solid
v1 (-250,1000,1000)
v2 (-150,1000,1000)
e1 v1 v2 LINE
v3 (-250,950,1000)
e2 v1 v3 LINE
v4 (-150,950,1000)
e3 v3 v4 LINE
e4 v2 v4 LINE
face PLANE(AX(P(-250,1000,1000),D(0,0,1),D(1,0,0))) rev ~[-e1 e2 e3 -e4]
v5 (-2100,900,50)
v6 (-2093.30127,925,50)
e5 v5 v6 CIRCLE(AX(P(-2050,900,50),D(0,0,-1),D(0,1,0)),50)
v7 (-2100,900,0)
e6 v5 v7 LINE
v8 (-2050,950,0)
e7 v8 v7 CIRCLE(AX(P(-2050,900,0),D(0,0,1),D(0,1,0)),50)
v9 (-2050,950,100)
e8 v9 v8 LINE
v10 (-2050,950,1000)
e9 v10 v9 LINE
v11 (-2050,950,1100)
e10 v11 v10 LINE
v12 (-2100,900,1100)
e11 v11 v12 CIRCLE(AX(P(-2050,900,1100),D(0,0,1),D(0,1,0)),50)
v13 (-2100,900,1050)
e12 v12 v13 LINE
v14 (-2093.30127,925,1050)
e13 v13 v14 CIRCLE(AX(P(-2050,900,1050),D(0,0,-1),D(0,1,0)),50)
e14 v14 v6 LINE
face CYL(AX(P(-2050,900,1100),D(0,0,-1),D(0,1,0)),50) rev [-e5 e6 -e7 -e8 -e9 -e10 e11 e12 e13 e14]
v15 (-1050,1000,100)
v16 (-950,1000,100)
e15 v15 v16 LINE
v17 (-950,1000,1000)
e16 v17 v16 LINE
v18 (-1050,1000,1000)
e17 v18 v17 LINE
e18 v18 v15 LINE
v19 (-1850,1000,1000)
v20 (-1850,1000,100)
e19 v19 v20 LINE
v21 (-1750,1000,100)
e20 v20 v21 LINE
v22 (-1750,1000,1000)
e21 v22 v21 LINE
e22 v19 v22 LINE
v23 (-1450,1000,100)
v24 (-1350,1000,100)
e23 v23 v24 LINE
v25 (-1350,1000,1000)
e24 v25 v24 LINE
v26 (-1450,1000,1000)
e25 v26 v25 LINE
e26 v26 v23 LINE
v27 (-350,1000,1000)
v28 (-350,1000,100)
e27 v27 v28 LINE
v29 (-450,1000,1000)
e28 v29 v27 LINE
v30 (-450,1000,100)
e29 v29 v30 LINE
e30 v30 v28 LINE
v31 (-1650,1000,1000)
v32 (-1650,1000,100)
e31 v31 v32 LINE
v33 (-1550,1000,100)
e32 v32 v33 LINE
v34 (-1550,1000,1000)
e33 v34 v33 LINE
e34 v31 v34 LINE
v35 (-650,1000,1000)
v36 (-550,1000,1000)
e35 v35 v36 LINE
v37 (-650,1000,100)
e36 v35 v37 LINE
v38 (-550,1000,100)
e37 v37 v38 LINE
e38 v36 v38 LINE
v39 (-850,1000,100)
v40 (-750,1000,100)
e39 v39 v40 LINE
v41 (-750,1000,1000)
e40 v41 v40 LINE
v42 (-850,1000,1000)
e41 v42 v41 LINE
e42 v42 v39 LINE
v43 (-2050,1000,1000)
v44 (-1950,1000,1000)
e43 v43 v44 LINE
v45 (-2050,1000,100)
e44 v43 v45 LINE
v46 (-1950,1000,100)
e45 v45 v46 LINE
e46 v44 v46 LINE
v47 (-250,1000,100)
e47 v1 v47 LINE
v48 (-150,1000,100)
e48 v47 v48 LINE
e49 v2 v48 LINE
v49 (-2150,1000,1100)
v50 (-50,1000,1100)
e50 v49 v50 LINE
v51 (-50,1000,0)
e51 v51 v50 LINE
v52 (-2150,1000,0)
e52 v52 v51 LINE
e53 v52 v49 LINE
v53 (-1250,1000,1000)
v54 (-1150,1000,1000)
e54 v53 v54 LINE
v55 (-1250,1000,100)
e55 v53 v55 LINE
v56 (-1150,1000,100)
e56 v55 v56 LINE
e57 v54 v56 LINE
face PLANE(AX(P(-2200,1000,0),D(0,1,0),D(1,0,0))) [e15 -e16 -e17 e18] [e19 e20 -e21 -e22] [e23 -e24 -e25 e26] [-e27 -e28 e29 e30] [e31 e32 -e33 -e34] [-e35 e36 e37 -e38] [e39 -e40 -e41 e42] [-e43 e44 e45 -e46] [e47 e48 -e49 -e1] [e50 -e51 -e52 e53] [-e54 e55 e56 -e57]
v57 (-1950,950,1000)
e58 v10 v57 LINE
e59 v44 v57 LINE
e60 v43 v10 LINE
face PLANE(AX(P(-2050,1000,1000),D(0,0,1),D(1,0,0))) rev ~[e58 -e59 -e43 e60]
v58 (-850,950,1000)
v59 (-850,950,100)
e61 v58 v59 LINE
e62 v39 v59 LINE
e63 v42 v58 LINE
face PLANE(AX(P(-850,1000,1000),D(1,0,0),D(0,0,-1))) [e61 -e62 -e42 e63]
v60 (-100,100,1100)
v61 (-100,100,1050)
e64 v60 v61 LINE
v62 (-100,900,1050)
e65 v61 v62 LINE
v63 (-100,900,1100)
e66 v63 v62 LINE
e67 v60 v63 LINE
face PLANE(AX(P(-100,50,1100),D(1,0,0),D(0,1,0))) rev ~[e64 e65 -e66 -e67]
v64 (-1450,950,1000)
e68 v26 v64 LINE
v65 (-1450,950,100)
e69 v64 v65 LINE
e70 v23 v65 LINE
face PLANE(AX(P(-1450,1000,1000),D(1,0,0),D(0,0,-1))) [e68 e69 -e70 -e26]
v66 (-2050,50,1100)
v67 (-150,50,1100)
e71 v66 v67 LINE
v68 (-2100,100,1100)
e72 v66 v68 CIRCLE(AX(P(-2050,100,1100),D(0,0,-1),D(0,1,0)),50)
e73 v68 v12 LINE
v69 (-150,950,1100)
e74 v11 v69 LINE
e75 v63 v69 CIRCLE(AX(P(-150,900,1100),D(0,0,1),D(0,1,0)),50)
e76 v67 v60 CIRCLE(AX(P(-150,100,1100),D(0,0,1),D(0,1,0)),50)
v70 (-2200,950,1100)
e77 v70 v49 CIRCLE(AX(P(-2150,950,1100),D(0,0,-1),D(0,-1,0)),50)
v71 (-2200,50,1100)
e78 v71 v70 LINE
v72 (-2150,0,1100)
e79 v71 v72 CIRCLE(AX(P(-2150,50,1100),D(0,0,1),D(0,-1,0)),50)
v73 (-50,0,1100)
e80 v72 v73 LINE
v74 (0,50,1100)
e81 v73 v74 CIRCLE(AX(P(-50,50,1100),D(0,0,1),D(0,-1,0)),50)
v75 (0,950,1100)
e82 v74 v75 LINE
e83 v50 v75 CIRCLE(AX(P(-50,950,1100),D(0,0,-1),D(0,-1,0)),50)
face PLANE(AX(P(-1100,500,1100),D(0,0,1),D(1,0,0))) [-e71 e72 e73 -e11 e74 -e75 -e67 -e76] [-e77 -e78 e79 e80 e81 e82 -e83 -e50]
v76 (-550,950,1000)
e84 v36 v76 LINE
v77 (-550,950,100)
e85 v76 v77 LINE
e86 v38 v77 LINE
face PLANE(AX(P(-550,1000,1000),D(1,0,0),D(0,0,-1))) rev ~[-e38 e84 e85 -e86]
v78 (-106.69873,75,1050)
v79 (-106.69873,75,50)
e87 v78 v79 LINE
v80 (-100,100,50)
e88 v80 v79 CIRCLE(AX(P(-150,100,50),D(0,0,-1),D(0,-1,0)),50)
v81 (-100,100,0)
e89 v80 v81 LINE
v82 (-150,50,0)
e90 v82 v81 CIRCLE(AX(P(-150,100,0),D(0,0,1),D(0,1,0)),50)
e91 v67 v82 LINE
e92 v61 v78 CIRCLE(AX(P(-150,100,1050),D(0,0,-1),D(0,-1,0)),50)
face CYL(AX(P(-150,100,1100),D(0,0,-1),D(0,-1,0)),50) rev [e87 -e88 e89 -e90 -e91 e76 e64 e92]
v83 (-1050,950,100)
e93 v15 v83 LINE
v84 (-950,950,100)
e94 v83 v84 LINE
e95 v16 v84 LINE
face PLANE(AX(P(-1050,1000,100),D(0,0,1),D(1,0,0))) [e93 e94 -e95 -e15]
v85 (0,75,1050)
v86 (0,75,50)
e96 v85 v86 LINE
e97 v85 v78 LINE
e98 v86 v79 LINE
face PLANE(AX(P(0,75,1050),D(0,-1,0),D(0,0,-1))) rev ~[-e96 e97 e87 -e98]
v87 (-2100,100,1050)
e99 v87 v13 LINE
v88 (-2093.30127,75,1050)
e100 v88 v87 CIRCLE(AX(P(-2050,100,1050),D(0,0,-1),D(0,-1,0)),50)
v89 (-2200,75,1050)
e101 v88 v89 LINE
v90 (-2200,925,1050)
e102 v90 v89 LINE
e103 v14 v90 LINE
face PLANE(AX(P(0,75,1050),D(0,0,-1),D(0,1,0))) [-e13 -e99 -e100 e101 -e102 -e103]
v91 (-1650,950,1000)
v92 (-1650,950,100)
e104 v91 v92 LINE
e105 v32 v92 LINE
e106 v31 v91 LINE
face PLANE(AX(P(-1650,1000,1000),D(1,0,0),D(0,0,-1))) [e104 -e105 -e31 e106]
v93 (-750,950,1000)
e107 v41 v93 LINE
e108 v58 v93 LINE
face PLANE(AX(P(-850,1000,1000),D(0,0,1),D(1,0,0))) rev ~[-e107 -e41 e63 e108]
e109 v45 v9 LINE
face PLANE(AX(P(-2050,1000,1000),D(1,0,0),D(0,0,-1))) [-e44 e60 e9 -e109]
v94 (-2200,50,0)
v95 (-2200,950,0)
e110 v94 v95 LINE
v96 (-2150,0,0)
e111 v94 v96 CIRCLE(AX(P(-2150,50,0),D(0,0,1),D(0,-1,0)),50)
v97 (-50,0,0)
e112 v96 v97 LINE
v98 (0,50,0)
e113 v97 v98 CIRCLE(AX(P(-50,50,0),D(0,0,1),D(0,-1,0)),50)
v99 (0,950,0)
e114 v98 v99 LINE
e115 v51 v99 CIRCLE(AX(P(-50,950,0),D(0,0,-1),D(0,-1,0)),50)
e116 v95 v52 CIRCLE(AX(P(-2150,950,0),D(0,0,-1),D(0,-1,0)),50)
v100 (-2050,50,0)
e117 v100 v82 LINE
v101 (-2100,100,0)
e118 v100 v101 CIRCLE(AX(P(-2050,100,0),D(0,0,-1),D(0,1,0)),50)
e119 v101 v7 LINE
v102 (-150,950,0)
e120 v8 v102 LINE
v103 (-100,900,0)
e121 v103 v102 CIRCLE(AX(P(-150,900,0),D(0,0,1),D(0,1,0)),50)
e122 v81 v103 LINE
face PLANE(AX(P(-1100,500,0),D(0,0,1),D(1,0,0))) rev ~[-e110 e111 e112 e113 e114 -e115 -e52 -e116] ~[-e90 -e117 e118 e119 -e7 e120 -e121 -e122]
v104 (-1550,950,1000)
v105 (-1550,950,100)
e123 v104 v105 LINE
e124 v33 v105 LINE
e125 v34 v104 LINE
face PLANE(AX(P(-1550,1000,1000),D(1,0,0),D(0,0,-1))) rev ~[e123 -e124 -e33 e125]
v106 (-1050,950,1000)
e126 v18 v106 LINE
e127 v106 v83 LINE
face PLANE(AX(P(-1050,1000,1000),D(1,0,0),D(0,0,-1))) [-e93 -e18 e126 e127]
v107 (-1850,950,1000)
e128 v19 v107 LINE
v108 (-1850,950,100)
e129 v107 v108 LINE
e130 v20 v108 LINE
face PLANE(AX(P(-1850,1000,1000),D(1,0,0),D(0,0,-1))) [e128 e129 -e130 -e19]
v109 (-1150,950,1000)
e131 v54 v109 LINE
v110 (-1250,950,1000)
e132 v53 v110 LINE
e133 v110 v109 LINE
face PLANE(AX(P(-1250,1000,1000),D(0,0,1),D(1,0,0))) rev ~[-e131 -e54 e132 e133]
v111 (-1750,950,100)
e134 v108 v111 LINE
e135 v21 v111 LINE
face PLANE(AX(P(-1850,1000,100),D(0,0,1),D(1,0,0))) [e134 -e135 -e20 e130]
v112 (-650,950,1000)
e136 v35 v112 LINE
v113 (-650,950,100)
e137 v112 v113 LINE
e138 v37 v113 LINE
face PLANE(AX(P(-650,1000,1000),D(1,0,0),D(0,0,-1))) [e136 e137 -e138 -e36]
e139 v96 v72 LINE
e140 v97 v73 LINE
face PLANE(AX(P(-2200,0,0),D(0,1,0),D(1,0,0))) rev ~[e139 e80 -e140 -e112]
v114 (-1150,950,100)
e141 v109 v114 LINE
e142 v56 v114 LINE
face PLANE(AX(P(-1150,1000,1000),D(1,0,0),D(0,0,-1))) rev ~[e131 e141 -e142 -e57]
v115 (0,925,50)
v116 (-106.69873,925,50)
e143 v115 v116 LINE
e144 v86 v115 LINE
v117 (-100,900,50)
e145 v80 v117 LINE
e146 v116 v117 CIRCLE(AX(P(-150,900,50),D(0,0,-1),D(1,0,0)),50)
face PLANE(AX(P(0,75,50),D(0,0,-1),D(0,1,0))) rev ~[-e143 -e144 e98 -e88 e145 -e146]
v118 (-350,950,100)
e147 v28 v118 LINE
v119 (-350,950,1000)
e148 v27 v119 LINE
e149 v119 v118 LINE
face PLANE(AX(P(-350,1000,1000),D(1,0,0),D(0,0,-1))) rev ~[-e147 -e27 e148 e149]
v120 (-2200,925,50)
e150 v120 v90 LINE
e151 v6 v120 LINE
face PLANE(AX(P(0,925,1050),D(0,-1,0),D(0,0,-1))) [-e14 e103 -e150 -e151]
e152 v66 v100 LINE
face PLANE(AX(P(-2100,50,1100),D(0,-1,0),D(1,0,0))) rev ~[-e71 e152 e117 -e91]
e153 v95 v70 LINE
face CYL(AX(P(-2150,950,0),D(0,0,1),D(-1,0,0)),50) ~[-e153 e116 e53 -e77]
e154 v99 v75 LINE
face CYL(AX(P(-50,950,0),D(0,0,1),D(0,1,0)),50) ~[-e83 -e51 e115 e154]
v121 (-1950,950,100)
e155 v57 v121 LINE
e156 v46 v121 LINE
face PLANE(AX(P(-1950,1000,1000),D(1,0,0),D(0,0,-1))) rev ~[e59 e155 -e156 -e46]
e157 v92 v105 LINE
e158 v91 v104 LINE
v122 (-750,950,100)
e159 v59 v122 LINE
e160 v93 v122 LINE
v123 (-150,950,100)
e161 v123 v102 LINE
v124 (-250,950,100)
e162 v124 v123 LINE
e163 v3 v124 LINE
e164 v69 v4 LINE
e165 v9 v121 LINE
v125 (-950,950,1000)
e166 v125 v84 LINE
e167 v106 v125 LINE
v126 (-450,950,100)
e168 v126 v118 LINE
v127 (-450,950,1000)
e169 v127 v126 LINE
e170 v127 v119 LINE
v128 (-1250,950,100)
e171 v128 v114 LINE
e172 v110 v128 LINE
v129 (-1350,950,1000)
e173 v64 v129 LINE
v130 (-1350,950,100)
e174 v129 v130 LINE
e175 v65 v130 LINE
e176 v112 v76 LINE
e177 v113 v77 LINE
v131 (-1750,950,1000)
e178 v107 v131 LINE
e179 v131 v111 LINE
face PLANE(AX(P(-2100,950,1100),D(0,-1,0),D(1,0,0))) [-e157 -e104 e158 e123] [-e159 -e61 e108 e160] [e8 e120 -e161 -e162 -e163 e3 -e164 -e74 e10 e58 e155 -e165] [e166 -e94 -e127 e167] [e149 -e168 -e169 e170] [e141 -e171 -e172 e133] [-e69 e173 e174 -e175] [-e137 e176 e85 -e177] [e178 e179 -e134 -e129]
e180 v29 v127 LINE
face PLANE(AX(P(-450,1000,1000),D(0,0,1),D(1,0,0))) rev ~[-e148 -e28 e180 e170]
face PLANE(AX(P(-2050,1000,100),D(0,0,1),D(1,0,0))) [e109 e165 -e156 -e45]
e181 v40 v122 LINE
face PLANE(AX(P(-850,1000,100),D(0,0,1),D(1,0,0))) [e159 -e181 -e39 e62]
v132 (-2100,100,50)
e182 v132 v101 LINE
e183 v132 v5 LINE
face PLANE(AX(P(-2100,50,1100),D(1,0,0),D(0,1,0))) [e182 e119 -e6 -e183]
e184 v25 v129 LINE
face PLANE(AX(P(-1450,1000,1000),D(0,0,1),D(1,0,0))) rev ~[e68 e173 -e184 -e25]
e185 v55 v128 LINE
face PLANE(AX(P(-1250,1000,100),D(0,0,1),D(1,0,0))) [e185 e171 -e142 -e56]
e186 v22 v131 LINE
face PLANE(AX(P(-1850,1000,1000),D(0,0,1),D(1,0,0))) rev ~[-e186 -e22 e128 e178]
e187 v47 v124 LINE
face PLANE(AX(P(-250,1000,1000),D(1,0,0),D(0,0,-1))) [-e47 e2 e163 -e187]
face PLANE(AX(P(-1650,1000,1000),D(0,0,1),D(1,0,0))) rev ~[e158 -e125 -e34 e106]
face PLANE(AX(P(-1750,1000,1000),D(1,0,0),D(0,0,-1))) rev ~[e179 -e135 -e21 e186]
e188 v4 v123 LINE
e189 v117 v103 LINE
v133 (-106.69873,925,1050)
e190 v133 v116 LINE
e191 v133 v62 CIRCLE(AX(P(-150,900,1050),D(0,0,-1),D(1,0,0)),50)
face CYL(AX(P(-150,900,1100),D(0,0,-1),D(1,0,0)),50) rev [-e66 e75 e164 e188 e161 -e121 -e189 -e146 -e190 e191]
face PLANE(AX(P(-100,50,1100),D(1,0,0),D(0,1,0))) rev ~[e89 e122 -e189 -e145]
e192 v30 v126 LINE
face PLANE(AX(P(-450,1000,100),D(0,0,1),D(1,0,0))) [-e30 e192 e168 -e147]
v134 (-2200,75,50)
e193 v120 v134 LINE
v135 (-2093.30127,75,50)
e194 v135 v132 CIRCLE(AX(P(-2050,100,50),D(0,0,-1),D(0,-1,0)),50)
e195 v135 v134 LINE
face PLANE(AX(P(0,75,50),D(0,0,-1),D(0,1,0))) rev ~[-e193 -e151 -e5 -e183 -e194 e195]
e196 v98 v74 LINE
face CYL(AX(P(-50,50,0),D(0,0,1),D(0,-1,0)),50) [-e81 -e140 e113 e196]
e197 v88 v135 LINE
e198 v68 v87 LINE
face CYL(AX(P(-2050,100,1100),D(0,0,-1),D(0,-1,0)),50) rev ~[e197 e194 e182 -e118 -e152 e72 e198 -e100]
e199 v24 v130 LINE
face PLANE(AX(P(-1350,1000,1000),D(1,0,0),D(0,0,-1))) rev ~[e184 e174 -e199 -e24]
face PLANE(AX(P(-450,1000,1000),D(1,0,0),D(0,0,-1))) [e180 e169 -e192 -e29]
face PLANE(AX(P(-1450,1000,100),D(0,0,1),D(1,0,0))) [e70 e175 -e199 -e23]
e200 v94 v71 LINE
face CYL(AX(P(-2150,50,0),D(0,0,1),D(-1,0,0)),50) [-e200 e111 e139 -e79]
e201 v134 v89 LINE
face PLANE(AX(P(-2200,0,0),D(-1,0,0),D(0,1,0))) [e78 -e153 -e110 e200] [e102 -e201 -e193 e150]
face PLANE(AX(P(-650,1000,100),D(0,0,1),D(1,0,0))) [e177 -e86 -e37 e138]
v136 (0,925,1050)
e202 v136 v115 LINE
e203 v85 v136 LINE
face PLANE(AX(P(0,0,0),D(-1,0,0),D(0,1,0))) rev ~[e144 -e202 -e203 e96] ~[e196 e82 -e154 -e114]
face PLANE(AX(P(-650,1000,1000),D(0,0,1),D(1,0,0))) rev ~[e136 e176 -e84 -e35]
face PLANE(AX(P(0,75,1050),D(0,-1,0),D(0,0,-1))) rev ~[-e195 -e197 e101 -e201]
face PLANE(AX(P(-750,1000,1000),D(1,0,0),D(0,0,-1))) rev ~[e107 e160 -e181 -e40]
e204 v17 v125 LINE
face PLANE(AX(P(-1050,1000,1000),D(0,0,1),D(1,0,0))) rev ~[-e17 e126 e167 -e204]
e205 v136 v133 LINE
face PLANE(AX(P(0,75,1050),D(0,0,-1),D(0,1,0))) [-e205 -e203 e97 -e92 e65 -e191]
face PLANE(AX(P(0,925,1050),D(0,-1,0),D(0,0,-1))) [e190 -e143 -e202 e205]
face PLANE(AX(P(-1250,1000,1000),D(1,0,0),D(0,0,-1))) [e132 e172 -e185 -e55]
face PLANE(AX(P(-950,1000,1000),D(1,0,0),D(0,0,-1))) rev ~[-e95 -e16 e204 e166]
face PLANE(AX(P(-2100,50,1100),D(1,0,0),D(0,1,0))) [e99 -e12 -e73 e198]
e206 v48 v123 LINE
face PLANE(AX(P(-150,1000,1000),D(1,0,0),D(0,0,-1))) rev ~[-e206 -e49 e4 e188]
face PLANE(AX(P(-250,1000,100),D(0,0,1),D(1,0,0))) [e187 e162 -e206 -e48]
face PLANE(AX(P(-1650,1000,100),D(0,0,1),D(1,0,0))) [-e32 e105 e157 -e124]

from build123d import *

# Parameters (mm, degrees)
SKETCH1_W               = 2200
SKETCH1_H               = 1000
BOSS_EXTRUDE1_DEPTH     = 1100
SKETCH2_W               = 2000
SKETCH2_H               = 900
CUT_EXTRUDE1_DEPTH      = 1
CUT_EXTRUDE1_DEPTH_BACK = 1101
FILLET1_R               = 50
CUT_EXTRUDE2_REACH      = 1002
SKETCH3_W               = 100
SKETCH3_H               = 900
SKETCH4_W               = 1000
SKETCH4_H               = 850
CUT_EXTRUDE3_DEPTH      = 1
CUT_EXTRUDE3_DEPTH_BACK = 2201


with BuildPart() as part:
    # Sketch1 → Boss-Extrude1 (new body)
    with BuildSketch(Plane.XY):
        with Locations((-1100, 500)):
            Rectangle(SKETCH1_W, SKETCH1_H)
    extrude(amount=BOSS_EXTRUDE1_DEPTH)

    # Sketch2 → Cut-Extrude1 (cut, two sides)
    with BuildSketch(Plane.XY.offset(1100)) as cut_extrude1_sk:
        with Locations((-1100, 500)):
            Rectangle(SKETCH2_W, SKETCH2_H)
    extrude(amount=CUT_EXTRUDE1_DEPTH, mode=Mode.SUBTRACT)
    extrude(cut_extrude1_sk.sketch, amount=-CUT_EXTRUDE1_DEPTH_BACK, mode=Mode.SUBTRACT)

    # Fillet1
    fillet1_edges = [part.edges().sort_by_distance(p)[0] for p in [
        (-2100, 50, 550),
        (-2100, 950, 550),
        (-100, 950, 550),
        (-100, 50, 550),
        (0, 0, 550),
        (-2200, 0, 550),
        (-2200, 1000, 550),
        (0, 1000, 550),
    ]]
    fillet(fillet1_edges, radius=FILLET1_R)

    # Sketch3 → Cut-Extrude2 (cut, up to next)
    with BuildSketch(Plane(origin=(0, 1000, 0), x_dir=(1, 0, 0), z_dir=(0, 1, 0)), mode=Mode.PRIVATE) as cut_extrude2_sk1:
        with Locations((-2000, -550)):
            Rectangle(SKETCH3_W, SKETCH3_H)
    cut_extrude2_tool1 = extrude(cut_extrude2_sk1.sketch, amount=-CUT_EXTRUDE2_REACH, mode=Mode.PRIVATE) & part.part
    add(cut_extrude2_tool1.solids().sort_by_distance((-2000, 1000, 550))[0], mode=Mode.SUBTRACT)
    # Sketch3 → Cut-Extrude2 (cut, up to next)
    with BuildSketch(Plane(origin=(0, 1000, 0), x_dir=(1, 0, 0), z_dir=(0, 1, 0)), mode=Mode.PRIVATE) as cut_extrude2_sk2:
        with Locations((-1800, -550)):
            Rectangle(SKETCH3_W, SKETCH3_H)
    cut_extrude2_tool2 = extrude(cut_extrude2_sk2.sketch, amount=-CUT_EXTRUDE2_REACH, mode=Mode.PRIVATE) & part.part
    add(cut_extrude2_tool2.solids().sort_by_distance((-1800, 1000, 550))[0], mode=Mode.SUBTRACT)
    # Sketch3 → Cut-Extrude2 (cut, up to next)
    with BuildSketch(Plane(origin=(0, 1000, 0), x_dir=(1, 0, 0), z_dir=(0, 1, 0)), mode=Mode.PRIVATE) as cut_extrude2_sk3:
        with Locations((-1600, -550)):
            Rectangle(SKETCH3_W, SKETCH3_H)
    cut_extrude2_tool3 = extrude(cut_extrude2_sk3.sketch, amount=-CUT_EXTRUDE2_REACH, mode=Mode.PRIVATE) & part.part
    add(cut_extrude2_tool3.solids().sort_by_distance((-1600, 1000, 550))[0], mode=Mode.SUBTRACT)
    # Sketch3 → Cut-Extrude2 (cut, up to next)
    with BuildSketch(Plane(origin=(0, 1000, 0), x_dir=(1, 0, 0), z_dir=(0, 1, 0)), mode=Mode.PRIVATE) as cut_extrude2_sk4:
        with Locations((-1400, -550)):
            Rectangle(SKETCH3_W, SKETCH3_H)
    cut_extrude2_tool4 = extrude(cut_extrude2_sk4.sketch, amount=-CUT_EXTRUDE2_REACH, mode=Mode.PRIVATE) & part.part
    add(cut_extrude2_tool4.solids().sort_by_distance((-1400, 1000, 550))[0], mode=Mode.SUBTRACT)
    # Sketch3 → Cut-Extrude2 (cut, up to next)
    with BuildSketch(Plane(origin=(0, 1000, 0), x_dir=(1, 0, 0), z_dir=(0, 1, 0)), mode=Mode.PRIVATE) as cut_extrude2_sk5:
        with Locations((-1200, -550)):
            Rectangle(SKETCH3_W, SKETCH3_H)
    cut_extrude2_tool5 = extrude(cut_extrude2_sk5.sketch, amount=-CUT_EXTRUDE2_REACH, mode=Mode.PRIVATE) & part.part
    add(cut_extrude2_tool5.solids().sort_by_distance((-1200, 1000, 550))[0], mode=Mode.SUBTRACT)
    # Sketch3 → Cut-Extrude2 (cut, up to next)
    with BuildSketch(Plane(origin=(0, 1000, 0), x_dir=(1, 0, 0), z_dir=(0, 1, 0)), mode=Mode.PRIVATE) as cut_extrude2_sk6:
        with Locations((-1000, -550)):
            Rectangle(SKETCH3_W, SKETCH3_H)
    cut_extrude2_tool6 = extrude(cut_extrude2_sk6.sketch, amount=-CUT_EXTRUDE2_REACH, mode=Mode.PRIVATE) & part.part
    add(cut_extrude2_tool6.solids().sort_by_distance((-1000, 1000, 550))[0], mode=Mode.SUBTRACT)
    # Sketch3 → Cut-Extrude2 (cut, up to next)
    with BuildSketch(Plane(origin=(0, 1000, 0), x_dir=(1, 0, 0), z_dir=(0, 1, 0)), mode=Mode.PRIVATE) as cut_extrude2_sk7:
        with Locations((-800, -550)):
            Rectangle(SKETCH3_W, SKETCH3_H)
    cut_extrude2_tool7 = extrude(cut_extrude2_sk7.sketch, amount=-CUT_EXTRUDE2_REACH, mode=Mode.PRIVATE) & part.part
    add(cut_extrude2_tool7.solids().sort_by_distance((-800, 1000, 550))[0], mode=Mode.SUBTRACT)
    # Sketch3 → Cut-Extrude2 (cut, up to next)
    with BuildSketch(Plane(origin=(0, 1000, 0), x_dir=(1, 0, 0), z_dir=(0, 1, 0)), mode=Mode.PRIVATE) as cut_extrude2_sk8:
        with Locations((-600, -550)):
            Rectangle(SKETCH3_W, SKETCH3_H)
    cut_extrude2_tool8 = extrude(cut_extrude2_sk8.sketch, amount=-CUT_EXTRUDE2_REACH, mode=Mode.PRIVATE) & part.part
    add(cut_extrude2_tool8.solids().sort_by_distance((-600, 1000, 550))[0], mode=Mode.SUBTRACT)
    # Sketch3 → Cut-Extrude2 (cut, up to next)
    with BuildSketch(Plane(origin=(0, 1000, 0), x_dir=(1, 0, 0), z_dir=(0, 1, 0)), mode=Mode.PRIVATE) as cut_extrude2_sk9:
        with Locations((-400, -550)):
            Rectangle(SKETCH3_W, SKETCH3_H)
    cut_extrude2_tool9 = extrude(cut_extrude2_sk9.sketch, amount=-CUT_EXTRUDE2_REACH, mode=Mode.PRIVATE) & part.part
    add(cut_extrude2_tool9.solids().sort_by_distance((-400, 1000, 550))[0], mode=Mode.SUBTRACT)
    # Sketch3 → Cut-Extrude2 (cut, up to next)
    with BuildSketch(Plane(origin=(0, 1000, 0), x_dir=(1, 0, 0), z_dir=(0, 1, 0)), mode=Mode.PRIVATE) as cut_extrude2_sk10:
        with Locations((-200, -550)):
            Rectangle(SKETCH3_W, SKETCH3_H)
    cut_extrude2_tool10 = extrude(cut_extrude2_sk10.sketch, amount=-CUT_EXTRUDE2_REACH, mode=Mode.PRIVATE) & part.part
    add(cut_extrude2_tool10.solids().sort_by_distance((-200, 1000, 550))[0], mode=Mode.SUBTRACT)

    # Sketch4 → Cut-Extrude3 (cut, two sides)
    with BuildSketch(Plane(origin=(0, 0, 0), x_dir=(0, 0, -1), z_dir=(1, 0, 0))) as cut_extrude3_sk:
        with Locations((-550, 500)):
            Rectangle(SKETCH4_W, SKETCH4_H)
    extrude(amount=CUT_EXTRUDE3_DEPTH, mode=Mode.SUBTRACT)
    extrude(cut_extrude3_sk.sketch, amount=-CUT_EXTRUDE3_DEPTH_BACK, mode=Mode.SUBTRACT)


solid = part.part
